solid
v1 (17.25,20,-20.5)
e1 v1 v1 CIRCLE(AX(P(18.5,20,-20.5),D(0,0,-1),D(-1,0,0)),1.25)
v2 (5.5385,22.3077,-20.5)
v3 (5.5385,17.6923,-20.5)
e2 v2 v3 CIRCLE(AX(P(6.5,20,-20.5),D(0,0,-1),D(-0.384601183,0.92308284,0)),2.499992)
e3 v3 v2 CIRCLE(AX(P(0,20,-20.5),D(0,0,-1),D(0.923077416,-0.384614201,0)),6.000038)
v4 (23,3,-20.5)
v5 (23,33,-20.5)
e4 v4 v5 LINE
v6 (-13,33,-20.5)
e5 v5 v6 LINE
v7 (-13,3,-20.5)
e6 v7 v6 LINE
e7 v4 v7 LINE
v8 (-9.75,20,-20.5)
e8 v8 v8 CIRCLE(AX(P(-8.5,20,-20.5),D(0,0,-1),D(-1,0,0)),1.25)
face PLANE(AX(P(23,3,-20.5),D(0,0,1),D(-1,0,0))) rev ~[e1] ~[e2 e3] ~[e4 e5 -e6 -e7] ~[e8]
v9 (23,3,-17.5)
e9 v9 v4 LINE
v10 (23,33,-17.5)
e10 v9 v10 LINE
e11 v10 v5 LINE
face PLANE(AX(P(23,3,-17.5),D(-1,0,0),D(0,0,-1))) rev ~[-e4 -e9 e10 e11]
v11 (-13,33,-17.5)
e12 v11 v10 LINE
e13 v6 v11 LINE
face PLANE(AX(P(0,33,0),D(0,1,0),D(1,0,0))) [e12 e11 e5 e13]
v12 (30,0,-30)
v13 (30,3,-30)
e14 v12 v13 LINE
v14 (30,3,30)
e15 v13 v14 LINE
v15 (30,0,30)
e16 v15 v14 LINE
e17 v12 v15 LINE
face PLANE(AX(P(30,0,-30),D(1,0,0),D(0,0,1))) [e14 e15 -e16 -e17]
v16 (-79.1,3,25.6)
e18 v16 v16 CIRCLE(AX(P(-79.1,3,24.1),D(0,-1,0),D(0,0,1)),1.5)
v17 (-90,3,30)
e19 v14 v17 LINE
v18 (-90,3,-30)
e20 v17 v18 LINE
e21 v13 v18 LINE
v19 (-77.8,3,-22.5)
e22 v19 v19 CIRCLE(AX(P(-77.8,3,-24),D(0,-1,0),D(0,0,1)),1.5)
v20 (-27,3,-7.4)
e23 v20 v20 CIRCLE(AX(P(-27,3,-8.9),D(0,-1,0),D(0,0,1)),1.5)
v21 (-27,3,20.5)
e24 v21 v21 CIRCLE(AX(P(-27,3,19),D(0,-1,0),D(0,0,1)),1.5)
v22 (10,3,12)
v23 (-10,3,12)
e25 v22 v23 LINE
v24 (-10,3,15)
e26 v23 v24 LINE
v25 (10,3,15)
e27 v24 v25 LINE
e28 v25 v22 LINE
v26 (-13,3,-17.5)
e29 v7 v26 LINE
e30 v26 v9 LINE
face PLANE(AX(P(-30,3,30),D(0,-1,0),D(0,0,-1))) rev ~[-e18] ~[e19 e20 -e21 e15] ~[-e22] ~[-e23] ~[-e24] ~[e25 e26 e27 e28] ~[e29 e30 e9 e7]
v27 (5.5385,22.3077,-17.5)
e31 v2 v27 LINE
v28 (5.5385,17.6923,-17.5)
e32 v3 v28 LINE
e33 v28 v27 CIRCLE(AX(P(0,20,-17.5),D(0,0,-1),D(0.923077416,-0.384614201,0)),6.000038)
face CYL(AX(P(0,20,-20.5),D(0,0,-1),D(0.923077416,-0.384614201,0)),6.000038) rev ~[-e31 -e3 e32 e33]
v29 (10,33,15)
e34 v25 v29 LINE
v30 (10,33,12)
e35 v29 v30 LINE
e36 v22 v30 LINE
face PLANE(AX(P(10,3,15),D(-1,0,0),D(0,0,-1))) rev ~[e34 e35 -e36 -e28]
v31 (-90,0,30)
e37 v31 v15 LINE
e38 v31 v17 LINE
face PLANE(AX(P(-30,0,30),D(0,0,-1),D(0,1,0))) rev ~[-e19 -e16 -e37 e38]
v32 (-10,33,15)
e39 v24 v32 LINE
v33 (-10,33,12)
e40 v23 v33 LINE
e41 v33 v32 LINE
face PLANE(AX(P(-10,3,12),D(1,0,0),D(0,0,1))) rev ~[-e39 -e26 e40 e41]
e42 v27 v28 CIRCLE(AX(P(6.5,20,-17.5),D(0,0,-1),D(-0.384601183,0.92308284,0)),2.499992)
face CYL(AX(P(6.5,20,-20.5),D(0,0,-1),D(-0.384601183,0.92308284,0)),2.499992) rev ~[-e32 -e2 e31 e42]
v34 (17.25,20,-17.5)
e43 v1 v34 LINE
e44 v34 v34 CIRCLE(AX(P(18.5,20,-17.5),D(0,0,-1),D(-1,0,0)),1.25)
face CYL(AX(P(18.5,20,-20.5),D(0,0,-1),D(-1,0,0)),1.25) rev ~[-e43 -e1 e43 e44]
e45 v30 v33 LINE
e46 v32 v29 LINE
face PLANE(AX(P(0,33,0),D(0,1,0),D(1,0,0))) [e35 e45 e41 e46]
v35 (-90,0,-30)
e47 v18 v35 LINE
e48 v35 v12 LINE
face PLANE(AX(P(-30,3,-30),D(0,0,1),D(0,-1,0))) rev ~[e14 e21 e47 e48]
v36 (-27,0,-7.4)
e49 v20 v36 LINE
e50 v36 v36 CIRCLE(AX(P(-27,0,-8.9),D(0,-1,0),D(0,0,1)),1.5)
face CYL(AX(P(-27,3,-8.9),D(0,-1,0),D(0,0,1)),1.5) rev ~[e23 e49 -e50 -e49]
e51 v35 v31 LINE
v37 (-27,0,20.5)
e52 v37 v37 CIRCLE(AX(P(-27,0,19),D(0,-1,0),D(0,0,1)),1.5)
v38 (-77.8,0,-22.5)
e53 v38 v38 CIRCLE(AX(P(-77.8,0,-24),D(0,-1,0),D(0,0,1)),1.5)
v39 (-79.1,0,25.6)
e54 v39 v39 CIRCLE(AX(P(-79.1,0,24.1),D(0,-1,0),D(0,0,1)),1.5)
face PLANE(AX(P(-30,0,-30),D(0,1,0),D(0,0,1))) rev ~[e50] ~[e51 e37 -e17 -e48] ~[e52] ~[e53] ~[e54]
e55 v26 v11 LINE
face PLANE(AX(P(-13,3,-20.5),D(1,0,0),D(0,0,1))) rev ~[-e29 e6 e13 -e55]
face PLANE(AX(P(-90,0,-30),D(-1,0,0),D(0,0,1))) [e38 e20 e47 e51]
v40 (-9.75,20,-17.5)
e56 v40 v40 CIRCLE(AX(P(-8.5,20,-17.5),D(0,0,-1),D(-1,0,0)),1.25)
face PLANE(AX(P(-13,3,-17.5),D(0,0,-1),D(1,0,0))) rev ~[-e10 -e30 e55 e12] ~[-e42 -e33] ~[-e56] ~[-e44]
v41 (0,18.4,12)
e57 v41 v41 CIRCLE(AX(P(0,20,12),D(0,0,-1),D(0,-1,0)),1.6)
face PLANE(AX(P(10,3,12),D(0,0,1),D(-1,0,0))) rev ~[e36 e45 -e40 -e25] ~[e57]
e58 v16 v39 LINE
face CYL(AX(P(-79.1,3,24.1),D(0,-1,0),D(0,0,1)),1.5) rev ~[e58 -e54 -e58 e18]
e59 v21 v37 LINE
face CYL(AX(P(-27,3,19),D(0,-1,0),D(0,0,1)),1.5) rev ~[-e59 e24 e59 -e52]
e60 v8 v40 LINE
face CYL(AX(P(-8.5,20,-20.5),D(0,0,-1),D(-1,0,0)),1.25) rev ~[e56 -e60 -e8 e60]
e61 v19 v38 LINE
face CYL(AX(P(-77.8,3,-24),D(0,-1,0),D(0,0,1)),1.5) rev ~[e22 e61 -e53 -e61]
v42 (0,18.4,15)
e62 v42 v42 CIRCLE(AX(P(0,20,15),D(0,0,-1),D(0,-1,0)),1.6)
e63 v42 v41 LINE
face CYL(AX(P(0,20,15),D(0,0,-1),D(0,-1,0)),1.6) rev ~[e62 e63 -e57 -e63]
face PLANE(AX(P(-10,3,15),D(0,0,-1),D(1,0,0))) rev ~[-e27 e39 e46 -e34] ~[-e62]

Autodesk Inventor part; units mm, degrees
ref_plane "YZ Plane" through (0, 0, 0) normal (1, 0, 0) x (0, 1, 0)
ref_plane "XZ Plane" through (0, 0, 0) normal (0, 1, 0) x (-1, 0, 0)
ref_plane "XY Plane" through (0, 0, 0) normal (0, 0, 1) x (1, 0, 0)
sketch "Szkic1" plane through (0, 0, 0) normal (0, 1, 0) x (-1, 0, 0)
  line L0 (30, -30) -> (-30, -30)
  line L1 (-30, -30) -> (-30, 30)
  line L2 (-30, 30) -> (30, 30)
  line L3 (30, 30) -> (30, -30)
  line L4 (30, -30) -> (-30, 30) construction
  line L5 (-30, -30) -> (30, 30) construction
  point P0 (0, 0)
  dimension "d0" = 60
  dimension "d1" = 60
extrude "Wyciągnięcie proste1" add sketch "Szkic1" along normal blind 3
sketch "Szkic2" plane through (0, 3, 0) normal (0, 1, 0) x (1, 0, 0)
  line L0 (10, -12) -> (-10, -12)
  line L1 (-10, -12) -> (-10, -15)
  line L2 (-10, -15) -> (10, -15)
  line L3 (10, -15) -> (10, -12)
  point P0 (0, 0)
  dimension "d4" = 20
  dimension "d5" = 3
  dimension "d6" = 12
  dimension "d7" = 10
sketch "Szkic3" plane through (0, 3, 0) normal (0, 1, 0) x (1, 0, 0)
  point P0 (0, 0)
sketch "Szkic4" plane through (0, 3, 0) normal (0, 1, 0) x (1, 0, 0)
  line L0 (-13, 17.5) -> (23, 17.5)
  line L1 (23, 17.5) -> (23, 20.5)
  line L2 (23, 20.5) -> (-13, 20.5)
  line L3 (-13, 20.5) -> (-13, 17.5)
  point P0 (0, 0)
  dimension "d8" = 3
  dimension "d9" = 36
  dimension "d10" = 17.5
  dimension "d11" = 13
extrude "Wyciągnięcie proste2" add sketch "Szkic4" along normal blind 30
sketch "Szkic5" plane through (23, 3, -20.5) normal (0, 0, -1) x (-1, 0, 0)
  line L0 (0, 30) -> (36, 30) projected
  line L1 (36, 0) -> (36, 30) projected
  arc A0 (17.4615, 14.6923) -> (17.4615, 19.3077) centre (23, 17) ccw
  arc A1 (17.4615, 19.3077) -> (17.4615, 14.6923) centre (16.5, 17) ccw
  line L2 (0, 0) -> (0, 30) projected
  circle A2 centre (4.5, 17) radius 1.25
  circle A3 centre (31.5, 17) radius 1.25
  point P0 (23, -3)
  dimension "d14" = 13
  dimension "d15" = 13
  dimension "d16" = 12
  dimension "d17" = 6.5
  dimension "d18" = 5
  dimension "d19" = 4.5
  dimension "d20" = 4.5
  dimension "d21" = 2.5
  dimension "d22" = 2.5
extrude "Wyciągnięcie proste3" cut sketch "Szkic5" against normal blind 30
sketch "Szkic6" plane through (0, 3, 0) normal (0, 1, 0) x (1, 0, 0)
  point P0 (0, 0)
extrude "Wyciągnięcie proste4" add sketch "Szkic2" along normal blind 30
sketch "Szkic7" plane through (10, 3, 12) normal (0, 0, -1) x (-1, 0, 0)
  point P0 (10, -3)
sketch "Szkic8" plane through (-10, 3, 15) normal (0, 0, 1) x (1, 0, 0)
  line L0 (20, 0) -> (0, 0) projected
  point P0 (10, -3)
  point P1 (10, 17)
  dimension "d27" = 17
hole "Otwór1" at (0, 20, 15) direction (0, 0, -1) diameter 3.2 end through all
sketch "Szkic9" plane through (-30, 0, -30) normal (-1, 0, 0) x (0, 0, 1)
  line L0 (60, 3) -> (0, 3) projected
  line L1 (0, 0) -> (60, 0)
  line L2 (60, 0) -> (60, 3)
  line L3 (60, 3) -> (0, 3)
  line L4 (0, 3) -> (0, 0)
  point P0 (30, 0)
extrude "Wyciągnięcie proste5" add sketch "Szkic9" along normal blind 60
sketch "Szkic10" plane through (0, 3, 0) normal (0, 1, 0) x (1, 0, 0)
  line L0 (-13, 20.5) -> (-13, 17.5) projected
  line L1 (30, -30) -> (-90, -30) projected
  point P0 (0, 0)
  point P1 (-27, -19)
  point P2 (-27, 8.9)
  point P3 (-77.8, 24)
  point P4 (-79.1, -24.1)
  dimension "d38" = 14
  dimension "d39" = 11
  dimension "d40" = 27.9
  dimension "d41" = 50.8
  dimension "d42" = 54
  dimension "d43" = 1.3
  dimension "d44" = 5.9
hole "Otwór2" at (-27, 3, 19) at (-27, 3, -8.9) at (-77.8, 3, -24) at (-79.1, 3, 24.1) direction (0, -1, 0) diameter 3 end through all
properties part number "podstawa" material "Drewno (brzoza)"
